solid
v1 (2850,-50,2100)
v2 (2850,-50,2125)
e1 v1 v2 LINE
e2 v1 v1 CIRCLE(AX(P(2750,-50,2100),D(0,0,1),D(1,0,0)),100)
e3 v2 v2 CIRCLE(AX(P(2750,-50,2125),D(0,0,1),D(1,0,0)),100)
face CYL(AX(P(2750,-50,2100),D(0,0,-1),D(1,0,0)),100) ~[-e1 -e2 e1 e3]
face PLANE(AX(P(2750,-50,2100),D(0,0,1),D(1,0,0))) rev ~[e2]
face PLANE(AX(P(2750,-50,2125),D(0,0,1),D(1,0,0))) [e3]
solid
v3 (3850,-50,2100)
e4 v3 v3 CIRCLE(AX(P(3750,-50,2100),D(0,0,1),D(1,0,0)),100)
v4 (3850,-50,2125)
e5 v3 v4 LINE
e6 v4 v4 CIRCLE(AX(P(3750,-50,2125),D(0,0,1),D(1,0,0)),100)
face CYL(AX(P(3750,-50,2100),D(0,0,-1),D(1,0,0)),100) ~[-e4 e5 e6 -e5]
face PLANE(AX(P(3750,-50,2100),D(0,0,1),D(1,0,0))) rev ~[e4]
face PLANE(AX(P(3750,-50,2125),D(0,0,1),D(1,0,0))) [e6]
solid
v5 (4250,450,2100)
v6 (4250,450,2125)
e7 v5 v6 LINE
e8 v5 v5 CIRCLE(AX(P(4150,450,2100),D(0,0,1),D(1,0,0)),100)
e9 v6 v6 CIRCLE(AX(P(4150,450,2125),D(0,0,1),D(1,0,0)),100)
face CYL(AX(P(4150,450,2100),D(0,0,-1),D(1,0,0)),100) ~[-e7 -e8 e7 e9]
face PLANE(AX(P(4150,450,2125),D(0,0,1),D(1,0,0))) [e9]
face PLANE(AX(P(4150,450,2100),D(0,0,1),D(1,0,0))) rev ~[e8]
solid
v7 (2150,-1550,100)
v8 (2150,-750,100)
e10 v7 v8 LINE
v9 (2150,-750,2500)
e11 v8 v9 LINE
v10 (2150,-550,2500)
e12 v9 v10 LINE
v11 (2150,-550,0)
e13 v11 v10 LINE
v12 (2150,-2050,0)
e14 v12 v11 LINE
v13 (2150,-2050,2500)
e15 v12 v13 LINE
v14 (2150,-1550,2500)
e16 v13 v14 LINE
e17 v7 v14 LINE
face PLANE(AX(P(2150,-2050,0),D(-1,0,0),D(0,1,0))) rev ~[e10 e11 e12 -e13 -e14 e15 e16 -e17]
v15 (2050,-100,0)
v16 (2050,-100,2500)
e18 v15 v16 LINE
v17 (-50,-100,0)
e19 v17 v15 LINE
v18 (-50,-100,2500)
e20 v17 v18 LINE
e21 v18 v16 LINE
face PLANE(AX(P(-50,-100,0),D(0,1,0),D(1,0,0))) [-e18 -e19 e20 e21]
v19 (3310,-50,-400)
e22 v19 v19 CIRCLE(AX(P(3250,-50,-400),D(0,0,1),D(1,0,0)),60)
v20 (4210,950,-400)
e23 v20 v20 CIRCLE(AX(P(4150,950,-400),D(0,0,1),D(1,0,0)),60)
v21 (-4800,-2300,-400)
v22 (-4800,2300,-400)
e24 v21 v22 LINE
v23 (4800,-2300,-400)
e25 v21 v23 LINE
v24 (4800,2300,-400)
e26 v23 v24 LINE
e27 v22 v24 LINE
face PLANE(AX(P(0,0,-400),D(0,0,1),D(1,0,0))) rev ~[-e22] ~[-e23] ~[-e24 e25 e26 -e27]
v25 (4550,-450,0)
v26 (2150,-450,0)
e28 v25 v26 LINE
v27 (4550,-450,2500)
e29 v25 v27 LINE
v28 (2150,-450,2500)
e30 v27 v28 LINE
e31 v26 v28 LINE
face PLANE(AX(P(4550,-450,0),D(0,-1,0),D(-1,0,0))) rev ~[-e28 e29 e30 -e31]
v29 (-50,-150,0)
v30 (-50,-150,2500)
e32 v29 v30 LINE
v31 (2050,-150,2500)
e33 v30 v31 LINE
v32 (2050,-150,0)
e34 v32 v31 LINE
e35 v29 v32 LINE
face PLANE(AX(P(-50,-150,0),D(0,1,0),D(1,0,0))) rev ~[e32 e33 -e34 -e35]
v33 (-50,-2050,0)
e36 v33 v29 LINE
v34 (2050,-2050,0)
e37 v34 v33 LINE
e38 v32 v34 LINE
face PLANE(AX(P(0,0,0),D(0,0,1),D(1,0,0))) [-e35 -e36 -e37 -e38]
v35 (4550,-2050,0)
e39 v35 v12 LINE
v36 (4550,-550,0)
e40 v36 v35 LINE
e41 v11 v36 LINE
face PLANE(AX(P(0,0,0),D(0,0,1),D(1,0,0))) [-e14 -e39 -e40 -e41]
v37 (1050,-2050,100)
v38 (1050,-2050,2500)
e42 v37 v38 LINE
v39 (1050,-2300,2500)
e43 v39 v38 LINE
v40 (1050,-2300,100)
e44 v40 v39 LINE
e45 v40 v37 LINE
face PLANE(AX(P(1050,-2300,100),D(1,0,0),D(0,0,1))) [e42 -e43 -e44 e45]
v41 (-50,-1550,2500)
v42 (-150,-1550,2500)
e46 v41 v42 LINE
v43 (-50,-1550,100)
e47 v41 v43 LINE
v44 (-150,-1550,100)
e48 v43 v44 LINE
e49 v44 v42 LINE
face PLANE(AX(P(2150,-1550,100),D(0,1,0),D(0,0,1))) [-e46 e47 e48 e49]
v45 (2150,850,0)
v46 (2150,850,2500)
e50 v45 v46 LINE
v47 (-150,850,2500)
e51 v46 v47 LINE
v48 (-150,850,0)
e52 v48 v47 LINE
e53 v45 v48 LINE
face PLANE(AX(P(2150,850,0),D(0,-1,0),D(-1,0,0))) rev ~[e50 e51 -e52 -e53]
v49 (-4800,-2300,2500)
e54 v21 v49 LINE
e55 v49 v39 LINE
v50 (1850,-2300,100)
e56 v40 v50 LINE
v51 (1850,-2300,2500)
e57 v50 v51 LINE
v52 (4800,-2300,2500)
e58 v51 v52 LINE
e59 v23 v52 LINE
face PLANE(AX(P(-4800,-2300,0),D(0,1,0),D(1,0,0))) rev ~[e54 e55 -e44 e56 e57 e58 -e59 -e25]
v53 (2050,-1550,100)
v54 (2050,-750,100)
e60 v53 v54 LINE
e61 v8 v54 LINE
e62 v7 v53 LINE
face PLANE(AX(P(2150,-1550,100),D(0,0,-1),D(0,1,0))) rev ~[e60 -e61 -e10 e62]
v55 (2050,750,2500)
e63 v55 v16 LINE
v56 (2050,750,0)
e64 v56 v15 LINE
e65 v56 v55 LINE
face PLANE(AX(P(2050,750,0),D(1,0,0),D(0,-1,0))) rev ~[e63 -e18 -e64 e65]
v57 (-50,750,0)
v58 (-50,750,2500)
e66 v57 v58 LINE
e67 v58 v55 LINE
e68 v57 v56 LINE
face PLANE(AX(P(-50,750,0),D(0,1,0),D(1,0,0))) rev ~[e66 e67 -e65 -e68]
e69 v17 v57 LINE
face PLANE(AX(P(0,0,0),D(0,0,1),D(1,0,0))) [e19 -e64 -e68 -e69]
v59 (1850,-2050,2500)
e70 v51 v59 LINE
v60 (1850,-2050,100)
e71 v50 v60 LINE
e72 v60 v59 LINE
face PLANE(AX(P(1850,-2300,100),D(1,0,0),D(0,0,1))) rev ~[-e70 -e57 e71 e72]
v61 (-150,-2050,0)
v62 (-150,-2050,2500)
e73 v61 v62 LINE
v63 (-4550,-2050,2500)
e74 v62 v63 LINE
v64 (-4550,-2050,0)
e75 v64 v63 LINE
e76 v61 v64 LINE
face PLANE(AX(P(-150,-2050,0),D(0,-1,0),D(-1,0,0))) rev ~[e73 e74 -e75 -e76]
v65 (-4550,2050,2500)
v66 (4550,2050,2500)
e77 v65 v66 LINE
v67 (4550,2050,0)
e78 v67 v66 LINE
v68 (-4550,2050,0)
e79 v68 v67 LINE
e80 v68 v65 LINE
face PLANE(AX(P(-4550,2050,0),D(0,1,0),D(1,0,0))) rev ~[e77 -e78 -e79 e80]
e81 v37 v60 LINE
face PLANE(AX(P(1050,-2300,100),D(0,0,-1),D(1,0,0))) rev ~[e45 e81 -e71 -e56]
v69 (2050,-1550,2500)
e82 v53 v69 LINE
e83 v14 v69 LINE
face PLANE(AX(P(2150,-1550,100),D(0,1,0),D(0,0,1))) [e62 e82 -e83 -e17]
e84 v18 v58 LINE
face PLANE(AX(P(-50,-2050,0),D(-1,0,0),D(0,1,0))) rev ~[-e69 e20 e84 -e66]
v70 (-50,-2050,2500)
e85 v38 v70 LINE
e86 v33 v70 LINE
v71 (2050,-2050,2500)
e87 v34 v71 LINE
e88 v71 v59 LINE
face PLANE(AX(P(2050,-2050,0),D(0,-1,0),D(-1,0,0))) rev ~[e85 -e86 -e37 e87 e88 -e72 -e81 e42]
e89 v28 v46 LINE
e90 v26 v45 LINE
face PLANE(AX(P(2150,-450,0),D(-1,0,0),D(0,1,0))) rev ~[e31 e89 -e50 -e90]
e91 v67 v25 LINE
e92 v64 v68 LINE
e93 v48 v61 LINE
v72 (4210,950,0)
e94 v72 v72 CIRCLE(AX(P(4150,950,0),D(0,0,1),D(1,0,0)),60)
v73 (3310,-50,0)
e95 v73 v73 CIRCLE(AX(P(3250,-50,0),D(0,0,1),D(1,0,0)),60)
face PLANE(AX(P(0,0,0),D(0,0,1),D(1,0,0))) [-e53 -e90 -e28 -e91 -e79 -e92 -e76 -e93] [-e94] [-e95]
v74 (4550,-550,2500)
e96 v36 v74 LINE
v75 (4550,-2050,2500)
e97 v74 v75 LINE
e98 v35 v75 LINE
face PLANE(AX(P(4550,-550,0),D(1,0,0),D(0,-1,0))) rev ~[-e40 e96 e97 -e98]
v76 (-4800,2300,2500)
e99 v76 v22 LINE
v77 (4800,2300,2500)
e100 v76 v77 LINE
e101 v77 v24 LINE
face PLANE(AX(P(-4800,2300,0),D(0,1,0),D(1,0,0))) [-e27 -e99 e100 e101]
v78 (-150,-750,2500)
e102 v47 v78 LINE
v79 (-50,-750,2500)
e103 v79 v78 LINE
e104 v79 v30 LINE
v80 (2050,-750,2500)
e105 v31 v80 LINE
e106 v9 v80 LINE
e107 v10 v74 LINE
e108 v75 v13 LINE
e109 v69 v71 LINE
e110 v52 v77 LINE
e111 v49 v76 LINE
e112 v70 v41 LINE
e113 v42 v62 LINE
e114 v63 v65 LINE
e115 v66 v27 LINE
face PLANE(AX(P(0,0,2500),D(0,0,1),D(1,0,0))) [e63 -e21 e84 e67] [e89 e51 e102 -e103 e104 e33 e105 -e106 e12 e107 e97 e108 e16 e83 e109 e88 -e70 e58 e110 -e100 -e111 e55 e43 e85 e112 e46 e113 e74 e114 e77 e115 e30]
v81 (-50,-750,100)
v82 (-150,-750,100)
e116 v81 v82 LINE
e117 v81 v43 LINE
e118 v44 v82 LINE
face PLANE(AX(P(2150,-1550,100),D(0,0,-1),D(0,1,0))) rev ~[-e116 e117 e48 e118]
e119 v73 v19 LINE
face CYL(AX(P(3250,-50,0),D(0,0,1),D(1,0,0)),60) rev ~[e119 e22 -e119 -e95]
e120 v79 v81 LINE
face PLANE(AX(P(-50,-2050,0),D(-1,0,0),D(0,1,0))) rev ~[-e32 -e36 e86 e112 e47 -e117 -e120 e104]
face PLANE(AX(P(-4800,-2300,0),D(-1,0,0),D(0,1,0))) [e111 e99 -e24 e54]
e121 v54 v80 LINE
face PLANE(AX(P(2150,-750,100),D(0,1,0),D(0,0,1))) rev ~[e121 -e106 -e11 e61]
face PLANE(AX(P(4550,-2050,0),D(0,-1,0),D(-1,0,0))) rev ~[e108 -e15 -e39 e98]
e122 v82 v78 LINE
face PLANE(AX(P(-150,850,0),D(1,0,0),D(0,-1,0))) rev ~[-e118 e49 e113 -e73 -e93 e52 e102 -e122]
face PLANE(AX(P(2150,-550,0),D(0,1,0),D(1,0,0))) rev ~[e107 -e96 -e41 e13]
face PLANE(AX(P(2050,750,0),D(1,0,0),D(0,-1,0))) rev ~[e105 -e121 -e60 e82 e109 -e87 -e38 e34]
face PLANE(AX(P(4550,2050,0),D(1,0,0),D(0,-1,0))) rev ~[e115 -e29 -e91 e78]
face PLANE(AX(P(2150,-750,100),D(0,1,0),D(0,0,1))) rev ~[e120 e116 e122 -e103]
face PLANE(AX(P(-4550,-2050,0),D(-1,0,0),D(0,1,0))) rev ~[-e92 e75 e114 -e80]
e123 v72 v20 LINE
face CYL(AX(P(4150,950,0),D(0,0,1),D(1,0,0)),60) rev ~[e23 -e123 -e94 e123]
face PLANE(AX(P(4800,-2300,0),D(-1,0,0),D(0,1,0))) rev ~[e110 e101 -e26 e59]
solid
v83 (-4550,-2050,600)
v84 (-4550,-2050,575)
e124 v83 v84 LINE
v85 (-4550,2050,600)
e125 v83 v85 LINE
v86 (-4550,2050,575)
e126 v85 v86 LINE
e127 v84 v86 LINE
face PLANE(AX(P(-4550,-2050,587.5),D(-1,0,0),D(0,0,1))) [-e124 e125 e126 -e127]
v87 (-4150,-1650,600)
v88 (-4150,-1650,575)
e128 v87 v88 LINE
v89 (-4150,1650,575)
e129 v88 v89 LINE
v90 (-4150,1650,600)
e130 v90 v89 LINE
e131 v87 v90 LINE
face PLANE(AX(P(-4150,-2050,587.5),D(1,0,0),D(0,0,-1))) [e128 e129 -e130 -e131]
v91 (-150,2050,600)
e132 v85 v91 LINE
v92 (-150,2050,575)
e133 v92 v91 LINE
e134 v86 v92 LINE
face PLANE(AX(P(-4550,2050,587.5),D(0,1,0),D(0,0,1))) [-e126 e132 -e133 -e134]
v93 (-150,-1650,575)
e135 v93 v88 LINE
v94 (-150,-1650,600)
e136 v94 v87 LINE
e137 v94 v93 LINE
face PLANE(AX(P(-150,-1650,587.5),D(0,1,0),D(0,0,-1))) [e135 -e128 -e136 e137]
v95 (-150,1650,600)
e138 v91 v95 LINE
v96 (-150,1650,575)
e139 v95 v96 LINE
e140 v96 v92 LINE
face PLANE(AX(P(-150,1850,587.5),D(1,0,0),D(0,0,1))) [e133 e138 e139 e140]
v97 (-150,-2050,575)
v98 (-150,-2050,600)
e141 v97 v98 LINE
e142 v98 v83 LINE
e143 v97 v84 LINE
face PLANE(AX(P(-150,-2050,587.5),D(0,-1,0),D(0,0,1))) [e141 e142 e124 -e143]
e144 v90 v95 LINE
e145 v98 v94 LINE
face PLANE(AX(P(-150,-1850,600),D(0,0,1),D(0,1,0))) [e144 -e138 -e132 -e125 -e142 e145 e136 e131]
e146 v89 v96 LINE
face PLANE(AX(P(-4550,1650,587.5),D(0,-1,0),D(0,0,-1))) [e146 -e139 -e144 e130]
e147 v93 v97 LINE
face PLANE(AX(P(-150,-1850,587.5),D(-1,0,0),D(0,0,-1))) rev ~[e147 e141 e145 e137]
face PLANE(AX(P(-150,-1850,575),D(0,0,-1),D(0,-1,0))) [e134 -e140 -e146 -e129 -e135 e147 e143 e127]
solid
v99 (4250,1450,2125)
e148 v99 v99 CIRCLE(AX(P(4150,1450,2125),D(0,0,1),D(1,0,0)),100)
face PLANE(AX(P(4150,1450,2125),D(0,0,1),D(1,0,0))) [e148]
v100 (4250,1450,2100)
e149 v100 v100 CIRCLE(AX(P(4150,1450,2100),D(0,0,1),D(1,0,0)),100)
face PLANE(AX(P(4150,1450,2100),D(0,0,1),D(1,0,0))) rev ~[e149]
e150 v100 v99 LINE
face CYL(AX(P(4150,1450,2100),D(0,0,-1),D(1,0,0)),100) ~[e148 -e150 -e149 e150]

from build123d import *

# Parameters (mm, degrees)
F0_W      = 9600
F0_H      = 4600
F0_R      = 60
F0_W_2    = 2100
F0_H_2    = 2800
F0_W_3    = 2400
F0_H_3    = 1500
F1_DEPTH  = 400
F2_DEPTH  = 2500
F3_W      = 800
F3_H      = 2500
F4_DEPTH  = 400
F5_W      = 800
F5_H      = 2500
F6_DEPTH  = 4000
F10_W     = 400
F10_H     = 25
F13_R     = 100
F14_DEPTH = 25
F15_W     = 2100
F15_H     = 50
F16_DEPTH = 2500


with BuildPart() as f1:
    # F0 (on Top) → F1 (new body)
    with BuildSketch(Plane.XY):
        Rectangle(F0_W, F0_H)
        Polygon((4550, -550), (4550, -2050), (2150, -2050), (2050, -2050), (-50, -2050), (-150, -2050), (-4550, -2050), (-4550, 2050), (4550, 2050), (4550, -450), align=None, mode=Mode.SUBTRACT)
        Polygon((2150, -450), (4550, -450), (4550, 2050), (-4550, 2050), (-4550, -2050), (-150, -2050), (-150, 850), (2050, 850), (2150, 850), align=None)
        with Locations((3250, -50)):
            Circle(F0_R, mode=Mode.SUBTRACT)
        with Locations((4150, 950)):
            Circle(F0_R, mode=Mode.SUBTRACT)
        with Locations((1000, -650)):
            Rectangle(F0_W_2, F0_H_2)
        with Locations((3350, -1300)):
            Rectangle(F0_W_3, F0_H_3)
        Polygon((2050, -2050), (2150, -2050), (2150, -550), (4550, -550), (4550, -450), (2150, -450), (2150, 850), (2050, 850), (2050, 750), align=None)
        Polygon((-150, -2050), (-50, -2050), (-50, 750), (2050, 750), (2050, 850), (-150, 850), align=None)
    extrude(amount=-F1_DEPTH)

    # F0 (on Top) → F2 (join)
    with BuildSketch(Plane.XY):
        Rectangle(F0_W, F0_H)
        Polygon((4550, -550), (4550, -2050), (2150, -2050), (2050, -2050), (-50, -2050), (-150, -2050), (-4550, -2050), (-4550, 2050), (4550, 2050), (4550, -450), align=None, mode=Mode.SUBTRACT)
        Polygon((2050, -2050), (2150, -2050), (2150, -550), (4550, -550), (4550, -450), (2150, -450), (2150, 850), (2050, 850), (2050, 750), align=None)
        Polygon((-150, -2050), (-50, -2050), (-50, 750), (2050, 750), (2050, 850), (-150, 850), align=None)
    extrude(amount=F2_DEPTH)

    # F3 (on face) → F4 (cut)
    with BuildSketch(Plane.XZ.offset(2300)):
        with Locations((1450, 1350)):
            Rectangle(F3_W, F3_H)
    extrude(amount=-F4_DEPTH, mode=Mode.SUBTRACT)

    # F5 (on face) → F6 (cut)
    with BuildSketch(Plane.YZ.offset(2150)):
        with Locations((-1150, 1350)):
            Rectangle(F5_W, F5_H)
    extrude(amount=-F6_DEPTH, mode=Mode.SUBTRACT)

    # F15 (on face) → F16 (join)
    with BuildSketch(Plane.XY):
        with Locations((1000, -125)):
            Rectangle(F15_W, F15_H)
    extrude(amount=F16_DEPTH)


with BuildPart() as f11:
    # F11: sweep along a path in F9
    with BuildLine(Plane.XY.offset(600)) as f11_path:
        Line((-150, -2050), (-4550, -2050))
        Line((-4550, -2050), (-4550, 2050))
        Line((-4550, 2050), (-150, 2050))
    # F10 (on face) → F11 (sweep)
    with BuildSketch(Plane(origin=(-150, 0, 0), x_dir=(0, -1, 0), z_dir=(-1, 0, 0))):
        with Locations((1850, 587.5)):
            Rectangle(F10_W, F10_H)
    sweep(path=f11_path.line, transition=Transition.RIGHT)


with BuildPart() as f14:
    # F13 (on offset) → F14 (new body)
    with BuildSketch(Plane.XY.offset(2100)):
        with Locations((2750, -50)):
            Circle(F13_R)
    extrude(amount=F14_DEPTH)


with BuildPart() as f14b:
    # F13 (on offset) → F14, piece 2 (new body)
    with BuildSketch(Plane.XY.offset(2100)):
        with Locations((4150, 1450)):
            Circle(F13_R)
    extrude(amount=F14_DEPTH)


with BuildPart() as f14c:
    # F13 (on offset) → F14, piece 3 (new body)
    with BuildSketch(Plane.XY.offset(2100)):
        with Locations((4150, 450)):
            Circle(F13_R)
    extrude(amount=F14_DEPTH)


with BuildPart() as f14d:
    # F13 (on offset) → F14, piece 4 (new body)
    with BuildSketch(Plane.XY.offset(2100)):
        with Locations((3750, -50)):
            Circle(F13_R)
    extrude(amount=F14_DEPTH)


solid = Compound([f1.part, f11.part, f14.part, f14b.part, f14c.part, f14d.part])
